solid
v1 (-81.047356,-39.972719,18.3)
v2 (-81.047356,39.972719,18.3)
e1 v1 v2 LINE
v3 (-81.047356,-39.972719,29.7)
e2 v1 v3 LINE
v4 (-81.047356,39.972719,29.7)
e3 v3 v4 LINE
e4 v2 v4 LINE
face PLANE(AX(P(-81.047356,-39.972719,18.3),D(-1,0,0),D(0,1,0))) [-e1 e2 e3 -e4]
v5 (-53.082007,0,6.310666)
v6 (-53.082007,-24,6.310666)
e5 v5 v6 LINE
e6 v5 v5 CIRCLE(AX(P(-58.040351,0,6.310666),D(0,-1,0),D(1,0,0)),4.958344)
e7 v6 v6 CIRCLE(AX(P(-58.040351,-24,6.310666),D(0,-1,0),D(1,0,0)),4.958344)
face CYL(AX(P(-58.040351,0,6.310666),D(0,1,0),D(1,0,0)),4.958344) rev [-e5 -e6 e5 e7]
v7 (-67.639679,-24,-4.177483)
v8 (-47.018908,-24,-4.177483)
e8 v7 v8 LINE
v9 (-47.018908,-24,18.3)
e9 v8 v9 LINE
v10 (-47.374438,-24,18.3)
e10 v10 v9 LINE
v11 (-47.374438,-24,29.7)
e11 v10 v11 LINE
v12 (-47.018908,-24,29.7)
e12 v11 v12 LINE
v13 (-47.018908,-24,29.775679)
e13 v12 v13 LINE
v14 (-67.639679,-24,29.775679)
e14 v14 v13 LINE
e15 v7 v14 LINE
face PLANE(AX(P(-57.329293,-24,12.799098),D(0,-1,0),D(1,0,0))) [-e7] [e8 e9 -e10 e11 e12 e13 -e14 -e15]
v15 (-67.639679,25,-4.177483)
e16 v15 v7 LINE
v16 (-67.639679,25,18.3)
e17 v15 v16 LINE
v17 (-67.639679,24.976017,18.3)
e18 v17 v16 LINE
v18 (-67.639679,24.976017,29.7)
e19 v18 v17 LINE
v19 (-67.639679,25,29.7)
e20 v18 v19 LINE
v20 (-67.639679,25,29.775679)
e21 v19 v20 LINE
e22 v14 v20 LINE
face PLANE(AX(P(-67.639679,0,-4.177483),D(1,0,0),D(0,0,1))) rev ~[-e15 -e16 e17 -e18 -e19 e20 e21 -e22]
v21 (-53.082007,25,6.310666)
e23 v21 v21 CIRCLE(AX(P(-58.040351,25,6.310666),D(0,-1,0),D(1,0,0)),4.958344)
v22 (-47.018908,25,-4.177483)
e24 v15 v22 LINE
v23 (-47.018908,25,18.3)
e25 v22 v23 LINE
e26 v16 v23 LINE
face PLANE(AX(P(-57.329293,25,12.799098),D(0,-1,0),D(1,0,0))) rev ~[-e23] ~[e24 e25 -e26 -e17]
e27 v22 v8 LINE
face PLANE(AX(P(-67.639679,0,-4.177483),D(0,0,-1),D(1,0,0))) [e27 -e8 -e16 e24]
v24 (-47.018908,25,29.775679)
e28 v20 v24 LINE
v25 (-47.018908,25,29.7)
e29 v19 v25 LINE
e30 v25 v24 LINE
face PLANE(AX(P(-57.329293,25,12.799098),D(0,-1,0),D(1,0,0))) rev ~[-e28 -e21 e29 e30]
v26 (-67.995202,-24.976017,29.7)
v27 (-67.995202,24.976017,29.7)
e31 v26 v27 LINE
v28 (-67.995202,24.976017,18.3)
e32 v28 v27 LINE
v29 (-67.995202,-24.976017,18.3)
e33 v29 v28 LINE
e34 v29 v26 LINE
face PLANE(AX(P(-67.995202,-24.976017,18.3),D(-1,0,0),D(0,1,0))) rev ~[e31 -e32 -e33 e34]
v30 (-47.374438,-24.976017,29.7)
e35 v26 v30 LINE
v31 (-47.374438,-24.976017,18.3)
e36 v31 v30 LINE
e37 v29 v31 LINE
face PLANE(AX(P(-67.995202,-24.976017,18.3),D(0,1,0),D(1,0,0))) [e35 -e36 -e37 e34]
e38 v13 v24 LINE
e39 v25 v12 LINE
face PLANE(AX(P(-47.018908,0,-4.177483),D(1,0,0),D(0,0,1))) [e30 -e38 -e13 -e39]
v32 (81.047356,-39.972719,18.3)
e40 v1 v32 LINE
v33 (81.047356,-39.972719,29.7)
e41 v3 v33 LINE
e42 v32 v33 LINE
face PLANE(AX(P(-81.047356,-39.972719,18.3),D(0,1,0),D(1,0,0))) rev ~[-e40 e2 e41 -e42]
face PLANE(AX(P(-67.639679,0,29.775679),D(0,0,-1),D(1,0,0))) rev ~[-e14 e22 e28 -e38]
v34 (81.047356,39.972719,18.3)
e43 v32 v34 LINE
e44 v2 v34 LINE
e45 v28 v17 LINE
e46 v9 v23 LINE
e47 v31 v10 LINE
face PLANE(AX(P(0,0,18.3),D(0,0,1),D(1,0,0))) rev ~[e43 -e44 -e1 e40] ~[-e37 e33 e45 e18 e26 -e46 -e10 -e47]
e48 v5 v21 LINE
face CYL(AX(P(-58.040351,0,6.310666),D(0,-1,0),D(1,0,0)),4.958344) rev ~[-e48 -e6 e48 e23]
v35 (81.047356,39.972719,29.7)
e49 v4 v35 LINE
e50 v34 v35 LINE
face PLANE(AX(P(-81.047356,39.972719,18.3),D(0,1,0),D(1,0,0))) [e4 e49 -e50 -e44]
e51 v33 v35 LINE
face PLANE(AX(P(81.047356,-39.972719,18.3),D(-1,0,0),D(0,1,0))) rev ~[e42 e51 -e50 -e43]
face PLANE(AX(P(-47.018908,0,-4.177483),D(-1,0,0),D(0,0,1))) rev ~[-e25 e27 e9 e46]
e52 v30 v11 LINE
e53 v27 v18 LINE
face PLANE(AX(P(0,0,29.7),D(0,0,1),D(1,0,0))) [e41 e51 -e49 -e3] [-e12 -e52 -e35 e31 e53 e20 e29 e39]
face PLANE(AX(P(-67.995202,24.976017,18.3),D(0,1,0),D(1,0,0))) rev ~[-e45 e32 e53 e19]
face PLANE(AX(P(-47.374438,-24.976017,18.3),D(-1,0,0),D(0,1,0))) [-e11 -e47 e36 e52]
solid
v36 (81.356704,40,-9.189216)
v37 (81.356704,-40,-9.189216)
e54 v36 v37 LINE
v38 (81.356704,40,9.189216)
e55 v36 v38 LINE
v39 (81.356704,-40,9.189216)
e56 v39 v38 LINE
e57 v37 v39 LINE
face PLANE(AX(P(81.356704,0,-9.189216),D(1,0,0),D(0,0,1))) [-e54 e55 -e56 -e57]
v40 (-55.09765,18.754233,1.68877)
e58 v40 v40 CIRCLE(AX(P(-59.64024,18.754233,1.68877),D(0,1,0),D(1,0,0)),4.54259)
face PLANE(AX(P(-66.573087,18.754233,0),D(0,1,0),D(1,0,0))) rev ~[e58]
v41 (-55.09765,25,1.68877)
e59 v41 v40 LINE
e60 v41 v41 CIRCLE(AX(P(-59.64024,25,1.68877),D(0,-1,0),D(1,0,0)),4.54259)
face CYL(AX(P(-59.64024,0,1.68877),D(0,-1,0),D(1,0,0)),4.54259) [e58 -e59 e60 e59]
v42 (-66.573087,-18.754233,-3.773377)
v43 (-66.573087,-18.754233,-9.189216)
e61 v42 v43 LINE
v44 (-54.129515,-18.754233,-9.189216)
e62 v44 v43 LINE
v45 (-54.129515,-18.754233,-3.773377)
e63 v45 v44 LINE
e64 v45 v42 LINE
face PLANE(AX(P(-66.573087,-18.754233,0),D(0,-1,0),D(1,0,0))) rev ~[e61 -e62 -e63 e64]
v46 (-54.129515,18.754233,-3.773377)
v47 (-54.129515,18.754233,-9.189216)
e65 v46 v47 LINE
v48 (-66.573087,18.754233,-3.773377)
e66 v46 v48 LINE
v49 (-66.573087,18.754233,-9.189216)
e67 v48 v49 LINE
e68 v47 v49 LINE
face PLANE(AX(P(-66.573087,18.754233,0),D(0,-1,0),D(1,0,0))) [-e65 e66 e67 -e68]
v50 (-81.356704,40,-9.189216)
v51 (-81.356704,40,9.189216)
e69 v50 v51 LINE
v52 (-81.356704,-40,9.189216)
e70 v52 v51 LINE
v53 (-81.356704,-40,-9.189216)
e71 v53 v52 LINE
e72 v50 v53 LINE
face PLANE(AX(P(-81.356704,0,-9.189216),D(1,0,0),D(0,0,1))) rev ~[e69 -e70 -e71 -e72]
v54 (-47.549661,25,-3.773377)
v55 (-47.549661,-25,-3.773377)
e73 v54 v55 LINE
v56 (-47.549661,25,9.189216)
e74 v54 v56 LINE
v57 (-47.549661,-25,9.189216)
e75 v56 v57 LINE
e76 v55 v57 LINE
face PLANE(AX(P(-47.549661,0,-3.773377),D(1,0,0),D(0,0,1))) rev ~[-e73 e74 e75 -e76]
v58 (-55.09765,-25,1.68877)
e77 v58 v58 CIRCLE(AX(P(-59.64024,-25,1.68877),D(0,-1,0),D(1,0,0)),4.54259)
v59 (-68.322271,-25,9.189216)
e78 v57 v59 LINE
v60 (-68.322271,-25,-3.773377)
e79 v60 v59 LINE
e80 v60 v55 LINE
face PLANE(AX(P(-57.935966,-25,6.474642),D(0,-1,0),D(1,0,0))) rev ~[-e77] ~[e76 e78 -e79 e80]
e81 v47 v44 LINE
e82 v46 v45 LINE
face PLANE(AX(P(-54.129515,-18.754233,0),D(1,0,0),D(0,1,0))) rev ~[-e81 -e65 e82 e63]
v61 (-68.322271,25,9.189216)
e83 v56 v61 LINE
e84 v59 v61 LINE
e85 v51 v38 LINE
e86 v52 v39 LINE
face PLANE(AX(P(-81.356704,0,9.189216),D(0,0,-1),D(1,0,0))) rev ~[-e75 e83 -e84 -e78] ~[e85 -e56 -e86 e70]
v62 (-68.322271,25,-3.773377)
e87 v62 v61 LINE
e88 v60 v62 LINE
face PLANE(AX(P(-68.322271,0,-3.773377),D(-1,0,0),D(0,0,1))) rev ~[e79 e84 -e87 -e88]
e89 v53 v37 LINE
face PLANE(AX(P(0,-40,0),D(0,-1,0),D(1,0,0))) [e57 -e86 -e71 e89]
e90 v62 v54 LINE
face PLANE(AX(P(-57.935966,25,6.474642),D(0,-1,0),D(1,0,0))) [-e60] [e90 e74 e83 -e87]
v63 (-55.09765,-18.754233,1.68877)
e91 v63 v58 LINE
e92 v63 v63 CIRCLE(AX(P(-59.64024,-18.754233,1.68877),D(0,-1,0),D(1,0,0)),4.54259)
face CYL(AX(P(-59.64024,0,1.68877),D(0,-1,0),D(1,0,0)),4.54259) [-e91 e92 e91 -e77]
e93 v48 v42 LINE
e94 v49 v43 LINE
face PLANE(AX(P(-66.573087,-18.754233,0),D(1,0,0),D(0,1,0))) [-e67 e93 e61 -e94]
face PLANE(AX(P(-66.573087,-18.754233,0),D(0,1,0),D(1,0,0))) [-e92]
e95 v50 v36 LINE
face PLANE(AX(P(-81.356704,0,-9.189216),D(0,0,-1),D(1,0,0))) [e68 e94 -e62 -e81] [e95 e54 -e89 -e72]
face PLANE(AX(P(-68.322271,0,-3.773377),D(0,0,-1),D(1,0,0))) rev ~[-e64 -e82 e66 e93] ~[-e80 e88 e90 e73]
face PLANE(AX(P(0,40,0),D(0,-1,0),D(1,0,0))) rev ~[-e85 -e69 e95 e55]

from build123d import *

# Parameters (mm, degrees)
F0_W           = 162.7134084702
F0_H           = 18.3784328401
F1_DEPTH       = 40
F1_DEPTH_BACK  = 40
F2_W           = 20.7726098597
F2_H           = 20.496037323
F3_DEPTH       = 25
F3_DEPTH_BACK  = 25
F4_R           = 4.5425898753
F5_DEPTH       = 25
F5_DEPTH_BACK  = 25
F6_W           = 12.4435722828
F6_H           = 37.5084653497
F7_DEPTH       = 25
F7_DEPTH_BACK  = 25
F9_W           = 162.0947122574
F9_H           = 79.9454376101
F9_W_2         = 20.6207633018
F9_H_2         = 49.9520339072
F10_DEPTH      = 11.4
F11_W          = 20.6207707524
F11_H          = 33.9531623758
F11_R          = 4.9583436457
F12_DEPTH      = 24
F12_DEPTH_BACK = 25


with BuildPart() as f1:
    # F0 (on Front) → F1 (new body, two sides)
    with BuildSketch(Plane.XZ) as f1_sk:
        Rectangle(F0_W, F0_H)
    extrude(amount=F1_DEPTH)
    extrude(f1_sk.sketch, amount=-F1_DEPTH_BACK)

    # F2 (on Front) → F3 (cut, two sides)
    with BuildSketch(Plane.XZ) as f3_sk:
        with Locations((-57.9359661788, 6.4746418502)):
            Rectangle(F2_W, F2_H)
    extrude(amount=-F3_DEPTH, mode=Mode.SUBTRACT)
    extrude(f3_sk.sketch, amount=F3_DEPTH_BACK, mode=Mode.SUBTRACT)

    # F4 (on Front) → F5 (join, two sides)
    with BuildSketch(Plane.XZ) as f5_sk:
        with Locations((-59.6402399242, 1.6887697857)):
            Circle(F4_R)
    extrude(amount=F5_DEPTH)
    extrude(f5_sk.sketch, amount=-F5_DEPTH_BACK)

    # F6 (on Top) → F7 (cut, two sides)
    with BuildSketch(Plane.XY) as f7_sk:
        with Locations((-60.3513009846, 0)):
            Rectangle(F6_W, F6_H)
    extrude(amount=-F7_DEPTH, mode=Mode.SUBTRACT)
    extrude(f7_sk.sketch, amount=F7_DEPTH_BACK, mode=Mode.SUBTRACT)


with BuildPart() as f10:
    # F9 (on offset) → F10 (new body)
    with BuildSketch(Plane.XY.offset(18.3)):
        Rectangle(F9_W, F9_H)
        with Locations((-57.6848201454, 0)):
            Rectangle(F9_W_2, F9_H_2, mode=Mode.SUBTRACT)
    extrude(amount=F10_DEPTH)

    # F11 (on Front) → F12 (join, two sides)
    with BuildSketch(Plane.XZ) as f12_sk:
        with Locations((-57.3292933404, 12.7990979236)):
            Rectangle(F11_W, F11_H)
        with Locations((-58.0403506756, 6.3106664456)):
            Circle(F11_R, mode=Mode.SUBTRACT)
    extrude(amount=F12_DEPTH)
    extrude(f12_sk.sketch, amount=-F12_DEPTH_BACK)


solid = Compound([f1.part, f10.part])
